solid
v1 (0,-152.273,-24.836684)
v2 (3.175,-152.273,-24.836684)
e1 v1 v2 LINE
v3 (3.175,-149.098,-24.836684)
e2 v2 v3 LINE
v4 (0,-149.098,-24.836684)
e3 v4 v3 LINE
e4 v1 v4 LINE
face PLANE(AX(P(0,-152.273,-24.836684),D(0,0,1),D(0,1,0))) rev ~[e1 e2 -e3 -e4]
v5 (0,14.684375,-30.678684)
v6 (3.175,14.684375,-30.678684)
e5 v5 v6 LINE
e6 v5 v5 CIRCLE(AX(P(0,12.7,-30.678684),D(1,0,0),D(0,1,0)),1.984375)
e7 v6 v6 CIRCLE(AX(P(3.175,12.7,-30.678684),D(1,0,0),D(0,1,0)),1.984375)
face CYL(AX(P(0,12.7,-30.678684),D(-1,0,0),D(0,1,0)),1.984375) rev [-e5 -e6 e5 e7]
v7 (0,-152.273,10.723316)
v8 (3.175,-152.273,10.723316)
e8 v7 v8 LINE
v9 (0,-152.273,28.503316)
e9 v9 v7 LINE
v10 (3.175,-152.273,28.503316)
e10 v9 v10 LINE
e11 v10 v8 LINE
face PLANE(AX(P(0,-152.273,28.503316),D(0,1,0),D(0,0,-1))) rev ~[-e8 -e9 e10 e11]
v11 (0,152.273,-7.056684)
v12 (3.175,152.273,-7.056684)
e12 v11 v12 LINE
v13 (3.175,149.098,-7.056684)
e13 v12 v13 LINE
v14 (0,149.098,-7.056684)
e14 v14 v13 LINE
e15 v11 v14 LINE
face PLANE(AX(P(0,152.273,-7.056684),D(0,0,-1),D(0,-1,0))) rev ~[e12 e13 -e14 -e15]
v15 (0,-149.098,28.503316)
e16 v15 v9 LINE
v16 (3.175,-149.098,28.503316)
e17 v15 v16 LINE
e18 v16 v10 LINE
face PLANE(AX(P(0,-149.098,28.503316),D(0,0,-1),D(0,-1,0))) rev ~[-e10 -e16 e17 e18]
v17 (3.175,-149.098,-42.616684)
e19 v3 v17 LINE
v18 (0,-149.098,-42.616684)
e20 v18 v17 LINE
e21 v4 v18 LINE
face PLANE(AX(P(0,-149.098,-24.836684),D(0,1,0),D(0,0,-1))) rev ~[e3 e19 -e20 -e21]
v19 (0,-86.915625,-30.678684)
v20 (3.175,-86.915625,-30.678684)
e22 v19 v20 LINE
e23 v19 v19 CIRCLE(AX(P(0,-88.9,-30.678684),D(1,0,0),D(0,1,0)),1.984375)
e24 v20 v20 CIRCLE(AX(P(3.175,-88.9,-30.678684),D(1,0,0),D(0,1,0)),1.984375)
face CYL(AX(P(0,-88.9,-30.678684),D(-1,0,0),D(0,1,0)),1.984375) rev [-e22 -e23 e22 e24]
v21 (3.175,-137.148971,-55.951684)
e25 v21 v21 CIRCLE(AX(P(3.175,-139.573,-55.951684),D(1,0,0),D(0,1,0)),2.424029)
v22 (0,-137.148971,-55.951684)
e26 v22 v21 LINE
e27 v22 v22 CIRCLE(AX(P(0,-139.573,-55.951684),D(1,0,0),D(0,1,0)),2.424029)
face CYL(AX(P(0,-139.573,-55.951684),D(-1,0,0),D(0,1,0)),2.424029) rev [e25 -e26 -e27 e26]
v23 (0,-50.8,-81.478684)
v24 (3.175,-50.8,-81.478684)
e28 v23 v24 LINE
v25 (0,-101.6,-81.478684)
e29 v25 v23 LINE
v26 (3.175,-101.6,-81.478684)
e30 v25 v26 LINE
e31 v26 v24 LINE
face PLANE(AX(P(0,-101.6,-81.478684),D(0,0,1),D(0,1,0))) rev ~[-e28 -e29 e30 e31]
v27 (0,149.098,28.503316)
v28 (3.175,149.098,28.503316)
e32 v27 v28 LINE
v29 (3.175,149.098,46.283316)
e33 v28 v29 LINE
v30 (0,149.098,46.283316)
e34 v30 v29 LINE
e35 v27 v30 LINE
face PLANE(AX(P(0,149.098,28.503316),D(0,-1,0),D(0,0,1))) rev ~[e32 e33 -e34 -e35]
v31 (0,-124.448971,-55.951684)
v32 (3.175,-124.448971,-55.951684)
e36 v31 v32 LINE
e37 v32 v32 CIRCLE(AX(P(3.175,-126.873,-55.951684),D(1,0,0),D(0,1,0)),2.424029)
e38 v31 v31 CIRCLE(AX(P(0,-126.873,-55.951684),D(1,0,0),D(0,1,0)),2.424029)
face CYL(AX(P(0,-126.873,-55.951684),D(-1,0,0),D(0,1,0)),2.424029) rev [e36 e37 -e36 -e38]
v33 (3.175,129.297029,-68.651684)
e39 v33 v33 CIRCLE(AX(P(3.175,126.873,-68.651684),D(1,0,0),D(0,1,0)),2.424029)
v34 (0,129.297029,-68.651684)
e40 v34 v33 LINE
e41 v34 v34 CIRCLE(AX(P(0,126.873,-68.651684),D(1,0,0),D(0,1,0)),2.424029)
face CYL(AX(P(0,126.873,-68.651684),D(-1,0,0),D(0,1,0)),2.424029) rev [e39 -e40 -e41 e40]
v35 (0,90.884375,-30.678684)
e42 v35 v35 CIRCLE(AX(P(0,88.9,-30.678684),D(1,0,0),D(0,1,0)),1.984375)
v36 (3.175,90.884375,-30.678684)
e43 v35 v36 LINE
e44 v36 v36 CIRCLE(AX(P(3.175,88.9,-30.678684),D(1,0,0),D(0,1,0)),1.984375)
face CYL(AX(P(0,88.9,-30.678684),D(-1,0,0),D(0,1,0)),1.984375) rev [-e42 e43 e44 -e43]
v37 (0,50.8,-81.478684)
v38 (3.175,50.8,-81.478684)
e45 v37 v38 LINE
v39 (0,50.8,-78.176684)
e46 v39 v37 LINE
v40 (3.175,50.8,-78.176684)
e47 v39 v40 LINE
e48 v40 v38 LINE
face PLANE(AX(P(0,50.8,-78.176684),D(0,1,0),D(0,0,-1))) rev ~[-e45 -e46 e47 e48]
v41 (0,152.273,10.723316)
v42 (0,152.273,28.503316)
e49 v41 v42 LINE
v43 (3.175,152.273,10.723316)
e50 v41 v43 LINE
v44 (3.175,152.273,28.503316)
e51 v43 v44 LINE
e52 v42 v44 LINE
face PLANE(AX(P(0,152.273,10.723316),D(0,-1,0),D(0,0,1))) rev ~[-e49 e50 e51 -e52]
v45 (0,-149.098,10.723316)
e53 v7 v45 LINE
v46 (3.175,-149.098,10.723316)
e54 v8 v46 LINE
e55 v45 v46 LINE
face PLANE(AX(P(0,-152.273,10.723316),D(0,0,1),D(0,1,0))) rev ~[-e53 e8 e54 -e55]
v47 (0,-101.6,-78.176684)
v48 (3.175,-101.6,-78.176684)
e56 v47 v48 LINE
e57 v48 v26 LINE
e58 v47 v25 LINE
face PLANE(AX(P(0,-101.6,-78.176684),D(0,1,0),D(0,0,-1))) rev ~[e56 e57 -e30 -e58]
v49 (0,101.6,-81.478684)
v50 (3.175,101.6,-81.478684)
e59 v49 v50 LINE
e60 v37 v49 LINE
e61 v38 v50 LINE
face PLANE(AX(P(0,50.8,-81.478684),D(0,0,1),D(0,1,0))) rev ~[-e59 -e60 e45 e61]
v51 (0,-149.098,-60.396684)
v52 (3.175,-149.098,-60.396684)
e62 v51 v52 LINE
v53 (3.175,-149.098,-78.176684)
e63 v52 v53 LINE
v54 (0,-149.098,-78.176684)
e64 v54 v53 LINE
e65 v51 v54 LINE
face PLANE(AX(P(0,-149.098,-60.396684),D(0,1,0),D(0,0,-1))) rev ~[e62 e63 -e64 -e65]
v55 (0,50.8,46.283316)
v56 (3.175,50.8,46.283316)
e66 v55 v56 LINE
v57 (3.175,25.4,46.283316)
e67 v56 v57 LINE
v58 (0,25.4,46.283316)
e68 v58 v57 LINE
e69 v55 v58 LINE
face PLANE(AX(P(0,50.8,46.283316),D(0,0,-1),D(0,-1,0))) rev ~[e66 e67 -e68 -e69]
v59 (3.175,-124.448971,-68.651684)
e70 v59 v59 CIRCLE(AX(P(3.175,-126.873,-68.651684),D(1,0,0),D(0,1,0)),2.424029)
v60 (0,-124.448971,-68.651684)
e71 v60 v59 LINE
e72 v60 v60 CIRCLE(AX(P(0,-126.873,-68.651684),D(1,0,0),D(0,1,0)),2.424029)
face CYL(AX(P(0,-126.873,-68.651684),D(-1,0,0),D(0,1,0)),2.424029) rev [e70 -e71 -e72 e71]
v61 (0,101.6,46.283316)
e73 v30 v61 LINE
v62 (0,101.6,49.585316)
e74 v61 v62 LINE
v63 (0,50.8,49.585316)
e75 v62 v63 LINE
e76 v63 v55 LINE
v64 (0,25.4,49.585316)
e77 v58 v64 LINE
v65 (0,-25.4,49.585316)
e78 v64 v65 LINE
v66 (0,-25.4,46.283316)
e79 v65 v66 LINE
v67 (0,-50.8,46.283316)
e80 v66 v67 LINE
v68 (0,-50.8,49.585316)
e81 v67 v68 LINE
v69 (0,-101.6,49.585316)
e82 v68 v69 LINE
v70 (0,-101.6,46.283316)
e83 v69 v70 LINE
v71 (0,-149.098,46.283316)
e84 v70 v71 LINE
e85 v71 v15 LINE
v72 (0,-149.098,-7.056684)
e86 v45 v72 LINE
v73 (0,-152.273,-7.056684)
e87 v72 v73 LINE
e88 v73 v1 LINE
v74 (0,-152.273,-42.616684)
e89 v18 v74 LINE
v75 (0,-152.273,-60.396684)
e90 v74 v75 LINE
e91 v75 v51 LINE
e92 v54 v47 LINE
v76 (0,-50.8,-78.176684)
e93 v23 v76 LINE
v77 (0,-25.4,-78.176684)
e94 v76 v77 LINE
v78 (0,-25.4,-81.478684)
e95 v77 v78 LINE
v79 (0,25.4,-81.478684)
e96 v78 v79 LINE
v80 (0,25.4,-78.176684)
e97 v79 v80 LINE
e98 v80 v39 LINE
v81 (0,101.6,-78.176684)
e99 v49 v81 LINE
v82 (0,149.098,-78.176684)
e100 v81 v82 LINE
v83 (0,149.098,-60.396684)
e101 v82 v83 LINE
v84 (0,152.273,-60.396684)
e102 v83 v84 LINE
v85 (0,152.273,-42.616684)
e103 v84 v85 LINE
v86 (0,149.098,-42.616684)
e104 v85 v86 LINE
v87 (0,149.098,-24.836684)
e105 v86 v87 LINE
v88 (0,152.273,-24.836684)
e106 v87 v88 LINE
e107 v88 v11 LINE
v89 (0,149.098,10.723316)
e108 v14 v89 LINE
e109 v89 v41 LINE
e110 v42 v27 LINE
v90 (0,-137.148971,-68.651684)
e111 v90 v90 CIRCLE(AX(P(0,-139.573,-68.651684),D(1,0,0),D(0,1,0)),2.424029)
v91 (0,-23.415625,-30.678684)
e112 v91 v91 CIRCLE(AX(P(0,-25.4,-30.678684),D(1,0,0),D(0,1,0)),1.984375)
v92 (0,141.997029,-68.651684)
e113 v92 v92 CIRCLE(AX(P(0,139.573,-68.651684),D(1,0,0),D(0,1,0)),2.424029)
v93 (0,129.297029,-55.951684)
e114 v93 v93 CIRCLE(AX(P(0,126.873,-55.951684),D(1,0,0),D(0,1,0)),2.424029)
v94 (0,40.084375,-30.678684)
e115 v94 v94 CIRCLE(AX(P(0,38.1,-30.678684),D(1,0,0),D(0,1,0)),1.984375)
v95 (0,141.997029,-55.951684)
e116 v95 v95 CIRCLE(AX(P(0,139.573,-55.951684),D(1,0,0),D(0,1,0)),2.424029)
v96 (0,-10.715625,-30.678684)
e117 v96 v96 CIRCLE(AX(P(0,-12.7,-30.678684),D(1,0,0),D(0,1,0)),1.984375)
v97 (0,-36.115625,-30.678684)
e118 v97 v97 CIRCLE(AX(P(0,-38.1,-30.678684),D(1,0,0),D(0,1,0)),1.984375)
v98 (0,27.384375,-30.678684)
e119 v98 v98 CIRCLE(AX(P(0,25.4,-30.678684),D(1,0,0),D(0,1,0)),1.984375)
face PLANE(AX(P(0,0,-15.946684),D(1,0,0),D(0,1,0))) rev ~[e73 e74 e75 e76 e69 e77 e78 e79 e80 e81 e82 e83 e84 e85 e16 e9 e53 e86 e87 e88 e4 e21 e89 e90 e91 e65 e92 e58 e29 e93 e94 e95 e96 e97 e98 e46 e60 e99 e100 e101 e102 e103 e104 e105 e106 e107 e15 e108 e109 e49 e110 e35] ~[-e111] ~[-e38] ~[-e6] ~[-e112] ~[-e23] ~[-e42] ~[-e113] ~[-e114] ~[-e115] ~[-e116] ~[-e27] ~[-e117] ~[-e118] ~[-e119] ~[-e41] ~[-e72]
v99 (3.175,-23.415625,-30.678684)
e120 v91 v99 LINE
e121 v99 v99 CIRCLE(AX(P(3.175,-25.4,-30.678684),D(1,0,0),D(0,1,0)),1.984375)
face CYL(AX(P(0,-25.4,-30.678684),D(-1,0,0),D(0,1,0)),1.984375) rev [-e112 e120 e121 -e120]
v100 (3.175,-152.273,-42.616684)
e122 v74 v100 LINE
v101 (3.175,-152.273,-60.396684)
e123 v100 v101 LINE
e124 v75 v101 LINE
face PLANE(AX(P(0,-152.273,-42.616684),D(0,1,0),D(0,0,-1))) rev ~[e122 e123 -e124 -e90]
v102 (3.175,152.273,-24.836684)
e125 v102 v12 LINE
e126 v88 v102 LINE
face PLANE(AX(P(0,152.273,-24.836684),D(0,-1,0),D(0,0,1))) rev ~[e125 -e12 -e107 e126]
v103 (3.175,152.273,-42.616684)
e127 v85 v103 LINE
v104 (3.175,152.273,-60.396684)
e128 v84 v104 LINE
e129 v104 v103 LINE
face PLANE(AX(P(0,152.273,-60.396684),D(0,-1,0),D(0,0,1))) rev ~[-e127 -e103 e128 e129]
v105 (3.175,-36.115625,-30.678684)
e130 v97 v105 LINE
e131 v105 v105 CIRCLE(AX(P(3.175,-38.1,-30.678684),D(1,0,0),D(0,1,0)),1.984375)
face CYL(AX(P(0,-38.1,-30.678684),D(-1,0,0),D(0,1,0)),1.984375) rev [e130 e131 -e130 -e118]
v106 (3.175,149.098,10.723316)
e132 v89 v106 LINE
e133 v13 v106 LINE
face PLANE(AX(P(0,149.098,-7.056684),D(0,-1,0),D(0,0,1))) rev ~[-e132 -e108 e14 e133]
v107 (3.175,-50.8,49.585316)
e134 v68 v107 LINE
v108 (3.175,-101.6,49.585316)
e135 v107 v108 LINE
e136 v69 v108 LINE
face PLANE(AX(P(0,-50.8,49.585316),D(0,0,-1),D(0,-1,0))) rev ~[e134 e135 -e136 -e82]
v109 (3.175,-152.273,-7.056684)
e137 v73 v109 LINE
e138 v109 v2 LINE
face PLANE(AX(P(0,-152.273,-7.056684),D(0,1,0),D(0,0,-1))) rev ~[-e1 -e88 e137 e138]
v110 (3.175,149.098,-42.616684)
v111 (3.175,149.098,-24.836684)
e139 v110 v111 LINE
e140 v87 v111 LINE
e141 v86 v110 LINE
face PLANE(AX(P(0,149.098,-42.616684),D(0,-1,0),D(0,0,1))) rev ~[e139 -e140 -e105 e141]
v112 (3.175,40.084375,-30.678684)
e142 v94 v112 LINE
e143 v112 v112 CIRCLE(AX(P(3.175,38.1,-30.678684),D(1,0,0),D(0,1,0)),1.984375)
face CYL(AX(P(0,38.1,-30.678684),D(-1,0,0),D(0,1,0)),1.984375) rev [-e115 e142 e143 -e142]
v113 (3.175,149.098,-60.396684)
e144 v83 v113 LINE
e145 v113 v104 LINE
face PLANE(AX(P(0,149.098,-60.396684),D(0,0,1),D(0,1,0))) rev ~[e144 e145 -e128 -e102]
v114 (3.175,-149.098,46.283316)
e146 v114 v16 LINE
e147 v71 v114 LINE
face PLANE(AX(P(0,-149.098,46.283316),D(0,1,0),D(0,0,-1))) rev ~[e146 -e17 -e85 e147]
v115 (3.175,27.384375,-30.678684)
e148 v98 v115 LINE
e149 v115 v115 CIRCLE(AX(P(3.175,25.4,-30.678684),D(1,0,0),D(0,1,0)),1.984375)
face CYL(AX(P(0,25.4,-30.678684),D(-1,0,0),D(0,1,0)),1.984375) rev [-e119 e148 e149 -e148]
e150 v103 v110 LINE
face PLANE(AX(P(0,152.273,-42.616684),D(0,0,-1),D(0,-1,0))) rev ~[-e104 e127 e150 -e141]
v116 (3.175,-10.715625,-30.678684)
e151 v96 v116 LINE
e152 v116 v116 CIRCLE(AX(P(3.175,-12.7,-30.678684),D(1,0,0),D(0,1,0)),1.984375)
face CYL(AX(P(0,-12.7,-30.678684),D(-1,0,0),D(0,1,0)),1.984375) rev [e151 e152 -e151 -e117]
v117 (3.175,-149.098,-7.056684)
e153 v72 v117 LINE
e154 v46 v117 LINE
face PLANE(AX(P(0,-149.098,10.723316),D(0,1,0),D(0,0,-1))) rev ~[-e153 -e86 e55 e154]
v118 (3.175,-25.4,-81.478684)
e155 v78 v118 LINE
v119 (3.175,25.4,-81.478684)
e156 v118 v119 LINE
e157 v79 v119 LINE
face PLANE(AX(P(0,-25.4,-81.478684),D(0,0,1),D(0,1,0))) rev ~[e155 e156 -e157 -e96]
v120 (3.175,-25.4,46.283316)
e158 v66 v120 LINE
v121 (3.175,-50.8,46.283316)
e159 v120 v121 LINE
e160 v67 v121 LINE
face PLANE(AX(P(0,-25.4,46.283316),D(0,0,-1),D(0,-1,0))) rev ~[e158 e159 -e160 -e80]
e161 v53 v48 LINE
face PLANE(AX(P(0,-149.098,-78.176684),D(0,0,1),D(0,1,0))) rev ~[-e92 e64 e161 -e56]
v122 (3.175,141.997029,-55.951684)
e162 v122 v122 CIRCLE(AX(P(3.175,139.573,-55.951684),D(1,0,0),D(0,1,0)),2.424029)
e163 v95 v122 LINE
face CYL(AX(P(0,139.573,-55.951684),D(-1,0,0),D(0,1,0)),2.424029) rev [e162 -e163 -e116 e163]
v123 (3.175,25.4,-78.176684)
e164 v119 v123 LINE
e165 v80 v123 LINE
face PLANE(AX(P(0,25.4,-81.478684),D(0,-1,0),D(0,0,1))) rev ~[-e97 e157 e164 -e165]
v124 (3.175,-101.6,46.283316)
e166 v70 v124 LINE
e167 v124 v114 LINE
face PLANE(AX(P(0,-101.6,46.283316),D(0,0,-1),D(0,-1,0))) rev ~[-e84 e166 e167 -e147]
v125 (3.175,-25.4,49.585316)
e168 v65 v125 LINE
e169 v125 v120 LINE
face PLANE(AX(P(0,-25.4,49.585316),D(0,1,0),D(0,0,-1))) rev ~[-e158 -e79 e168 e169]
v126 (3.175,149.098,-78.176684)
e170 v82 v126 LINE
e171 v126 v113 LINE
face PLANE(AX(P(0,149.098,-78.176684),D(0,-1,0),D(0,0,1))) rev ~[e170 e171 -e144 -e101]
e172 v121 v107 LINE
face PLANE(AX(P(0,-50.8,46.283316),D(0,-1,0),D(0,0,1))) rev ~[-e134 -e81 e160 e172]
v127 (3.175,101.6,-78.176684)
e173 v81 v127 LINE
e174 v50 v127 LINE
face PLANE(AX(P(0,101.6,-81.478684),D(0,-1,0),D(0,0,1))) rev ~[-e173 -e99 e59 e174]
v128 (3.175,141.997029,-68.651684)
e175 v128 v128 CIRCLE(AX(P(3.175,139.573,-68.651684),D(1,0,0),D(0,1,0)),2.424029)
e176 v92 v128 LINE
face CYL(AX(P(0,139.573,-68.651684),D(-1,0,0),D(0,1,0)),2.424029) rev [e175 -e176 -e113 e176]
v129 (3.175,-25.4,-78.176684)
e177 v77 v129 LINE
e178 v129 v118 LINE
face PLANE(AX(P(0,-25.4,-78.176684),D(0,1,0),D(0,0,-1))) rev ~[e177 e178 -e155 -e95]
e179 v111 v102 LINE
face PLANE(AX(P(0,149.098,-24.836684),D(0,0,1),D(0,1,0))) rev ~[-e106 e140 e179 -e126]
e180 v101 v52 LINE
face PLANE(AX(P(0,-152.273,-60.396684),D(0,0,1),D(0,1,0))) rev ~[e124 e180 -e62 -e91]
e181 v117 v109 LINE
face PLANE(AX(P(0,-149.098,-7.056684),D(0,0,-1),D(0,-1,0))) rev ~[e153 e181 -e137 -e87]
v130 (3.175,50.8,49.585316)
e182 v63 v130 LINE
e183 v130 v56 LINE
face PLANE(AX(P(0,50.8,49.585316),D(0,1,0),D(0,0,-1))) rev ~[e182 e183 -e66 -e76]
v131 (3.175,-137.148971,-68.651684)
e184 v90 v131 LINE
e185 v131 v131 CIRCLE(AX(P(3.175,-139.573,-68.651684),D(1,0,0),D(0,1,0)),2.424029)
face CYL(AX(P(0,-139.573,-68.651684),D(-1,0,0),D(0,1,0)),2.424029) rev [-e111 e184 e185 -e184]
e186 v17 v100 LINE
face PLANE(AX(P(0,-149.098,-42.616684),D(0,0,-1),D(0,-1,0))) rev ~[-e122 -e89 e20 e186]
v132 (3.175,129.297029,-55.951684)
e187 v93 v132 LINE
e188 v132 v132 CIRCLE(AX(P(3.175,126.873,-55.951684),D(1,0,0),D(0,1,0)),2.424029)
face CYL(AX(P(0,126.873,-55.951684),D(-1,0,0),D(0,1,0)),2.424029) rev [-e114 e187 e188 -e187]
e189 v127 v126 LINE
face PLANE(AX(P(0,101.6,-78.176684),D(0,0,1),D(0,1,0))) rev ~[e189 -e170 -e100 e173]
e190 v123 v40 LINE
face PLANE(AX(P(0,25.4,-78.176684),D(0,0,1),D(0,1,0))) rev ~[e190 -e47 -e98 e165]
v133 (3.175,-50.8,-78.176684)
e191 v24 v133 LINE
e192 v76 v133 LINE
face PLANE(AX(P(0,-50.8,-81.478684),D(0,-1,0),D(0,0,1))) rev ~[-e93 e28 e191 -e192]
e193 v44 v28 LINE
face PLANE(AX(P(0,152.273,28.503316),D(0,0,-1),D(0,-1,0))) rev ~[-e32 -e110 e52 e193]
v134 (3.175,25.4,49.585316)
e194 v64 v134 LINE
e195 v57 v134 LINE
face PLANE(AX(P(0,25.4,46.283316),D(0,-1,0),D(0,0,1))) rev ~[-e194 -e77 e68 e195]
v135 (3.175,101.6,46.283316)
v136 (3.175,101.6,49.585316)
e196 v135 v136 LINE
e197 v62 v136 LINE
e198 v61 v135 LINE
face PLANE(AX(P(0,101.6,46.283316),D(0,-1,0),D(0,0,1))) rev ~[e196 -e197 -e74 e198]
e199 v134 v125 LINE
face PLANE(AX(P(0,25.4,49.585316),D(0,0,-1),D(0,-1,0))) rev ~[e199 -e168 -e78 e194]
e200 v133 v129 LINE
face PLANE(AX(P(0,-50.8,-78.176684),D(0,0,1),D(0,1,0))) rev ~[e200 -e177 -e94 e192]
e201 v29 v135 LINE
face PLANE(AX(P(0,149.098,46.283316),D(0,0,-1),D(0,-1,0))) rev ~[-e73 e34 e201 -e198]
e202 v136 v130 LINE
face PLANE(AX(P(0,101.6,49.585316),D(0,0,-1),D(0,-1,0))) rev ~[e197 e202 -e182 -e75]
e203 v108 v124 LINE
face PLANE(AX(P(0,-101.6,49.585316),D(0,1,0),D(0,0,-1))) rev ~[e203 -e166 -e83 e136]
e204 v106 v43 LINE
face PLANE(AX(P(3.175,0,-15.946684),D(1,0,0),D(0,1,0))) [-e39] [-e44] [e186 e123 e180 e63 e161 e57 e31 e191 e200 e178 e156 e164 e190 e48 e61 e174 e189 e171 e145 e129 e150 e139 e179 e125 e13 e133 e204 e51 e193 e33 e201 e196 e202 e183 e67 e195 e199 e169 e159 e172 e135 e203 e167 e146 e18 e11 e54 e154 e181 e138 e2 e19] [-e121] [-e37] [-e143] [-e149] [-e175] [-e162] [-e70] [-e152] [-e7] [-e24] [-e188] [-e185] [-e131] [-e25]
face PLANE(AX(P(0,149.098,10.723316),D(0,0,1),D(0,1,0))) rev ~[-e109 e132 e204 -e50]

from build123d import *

# Parameters (mm, degrees)
F0_R     = 2.424029
F0_R_2   = 1.984375
F1_DEPTH = 3.175


with BuildPart() as f1:
    # F0 (on Right) → F1 (new body)
    with BuildSketch(Plane.YZ):
        Polygon((-101.6, -81.478684), (-50.8, -81.478684), (-50.8, -78.176684), (-25.4, -78.176684), (-25.4, -81.478684), (25.4, -81.478684), (25.4, -78.176684), (50.8, -78.176684), (50.8, -81.478684), (101.6, -81.478684), (101.6, -78.176684), (149.098, -78.176684), (149.098, -60.396684), (152.273, -60.396684), (152.273, -42.616684), (149.098, -42.616684), (149.098, -24.836684), (152.273, -24.836684), (152.273, -7.056684), (149.098, -7.056684), (149.098, 10.723316), (152.273, 10.723316), (152.273, 28.503316), (149.098, 28.503316), (149.098, 46.283316), (101.6, 46.283316), (101.6, 49.585316), (50.8, 49.585316), (50.8, 46.283316), (25.4, 46.283316), (25.4, 49.585316), (-25.4, 49.585316), (-25.4, 46.283316), (-50.8, 46.283316), (-50.8, 49.585316), (-101.6, 49.585316), (-101.6, 46.283316), (-149.098, 46.283316), (-149.098, 28.503316), (-152.273, 28.503316), (-152.273, 10.723316), (-149.098, 10.723316), (-149.098, -7.056684), (-152.273, -7.056684), (-152.273, -24.836684), (-149.098, -24.836684), (-149.098, -42.616684), (-152.273, -42.616684), (-152.273, -60.396684), (-149.098, -60.396684), (-149.098, -78.176684), (-101.6, -78.176684), align=None)
        with Locations((-139.573, -68.651684)):
            Circle(F0_R, mode=Mode.SUBTRACT)
        with Locations((-126.873, -68.651684)):
            Circle(F0_R, mode=Mode.SUBTRACT)
        with Locations((-139.573, -55.951684)):
            Circle(F0_R, mode=Mode.SUBTRACT)
        with Locations((-126.873, -55.951684)):
            Circle(F0_R, mode=Mode.SUBTRACT)
        with Locations((-88.9, -30.678684)):
            Circle(F0_R_2, mode=Mode.SUBTRACT)
        with Locations((-38.1, -30.678684)):
            Circle(F0_R_2, mode=Mode.SUBTRACT)
        with Locations((-25.4, -30.678684)):
            Circle(F0_R_2, mode=Mode.SUBTRACT)
        with Locations((-12.7, -30.678684)):
            Circle(F0_R_2, mode=Mode.SUBTRACT)
        with Locations((126.873, -68.651684)):
            Circle(F0_R, mode=Mode.SUBTRACT)
        with Locations((139.573, -68.651684)):
            Circle(F0_R, mode=Mode.SUBTRACT)
        with Locations((126.873, -55.951684)):
            Circle(F0_R, mode=Mode.SUBTRACT)
        with Locations((139.573, -55.951684)):
            Circle(F0_R, mode=Mode.SUBTRACT)
        with Locations((12.7, -30.678684)):
            Circle(F0_R_2, mode=Mode.SUBTRACT)
        with Locations((25.4, -30.678684)):
            Circle(F0_R_2, mode=Mode.SUBTRACT)
        with Locations((38.1, -30.678684)):
            Circle(F0_R_2, mode=Mode.SUBTRACT)
        with Locations((88.9, -30.678684)):
            Circle(F0_R_2, mode=Mode.SUBTRACT)
    extrude(amount=F1_DEPTH)


solid = f1.part
